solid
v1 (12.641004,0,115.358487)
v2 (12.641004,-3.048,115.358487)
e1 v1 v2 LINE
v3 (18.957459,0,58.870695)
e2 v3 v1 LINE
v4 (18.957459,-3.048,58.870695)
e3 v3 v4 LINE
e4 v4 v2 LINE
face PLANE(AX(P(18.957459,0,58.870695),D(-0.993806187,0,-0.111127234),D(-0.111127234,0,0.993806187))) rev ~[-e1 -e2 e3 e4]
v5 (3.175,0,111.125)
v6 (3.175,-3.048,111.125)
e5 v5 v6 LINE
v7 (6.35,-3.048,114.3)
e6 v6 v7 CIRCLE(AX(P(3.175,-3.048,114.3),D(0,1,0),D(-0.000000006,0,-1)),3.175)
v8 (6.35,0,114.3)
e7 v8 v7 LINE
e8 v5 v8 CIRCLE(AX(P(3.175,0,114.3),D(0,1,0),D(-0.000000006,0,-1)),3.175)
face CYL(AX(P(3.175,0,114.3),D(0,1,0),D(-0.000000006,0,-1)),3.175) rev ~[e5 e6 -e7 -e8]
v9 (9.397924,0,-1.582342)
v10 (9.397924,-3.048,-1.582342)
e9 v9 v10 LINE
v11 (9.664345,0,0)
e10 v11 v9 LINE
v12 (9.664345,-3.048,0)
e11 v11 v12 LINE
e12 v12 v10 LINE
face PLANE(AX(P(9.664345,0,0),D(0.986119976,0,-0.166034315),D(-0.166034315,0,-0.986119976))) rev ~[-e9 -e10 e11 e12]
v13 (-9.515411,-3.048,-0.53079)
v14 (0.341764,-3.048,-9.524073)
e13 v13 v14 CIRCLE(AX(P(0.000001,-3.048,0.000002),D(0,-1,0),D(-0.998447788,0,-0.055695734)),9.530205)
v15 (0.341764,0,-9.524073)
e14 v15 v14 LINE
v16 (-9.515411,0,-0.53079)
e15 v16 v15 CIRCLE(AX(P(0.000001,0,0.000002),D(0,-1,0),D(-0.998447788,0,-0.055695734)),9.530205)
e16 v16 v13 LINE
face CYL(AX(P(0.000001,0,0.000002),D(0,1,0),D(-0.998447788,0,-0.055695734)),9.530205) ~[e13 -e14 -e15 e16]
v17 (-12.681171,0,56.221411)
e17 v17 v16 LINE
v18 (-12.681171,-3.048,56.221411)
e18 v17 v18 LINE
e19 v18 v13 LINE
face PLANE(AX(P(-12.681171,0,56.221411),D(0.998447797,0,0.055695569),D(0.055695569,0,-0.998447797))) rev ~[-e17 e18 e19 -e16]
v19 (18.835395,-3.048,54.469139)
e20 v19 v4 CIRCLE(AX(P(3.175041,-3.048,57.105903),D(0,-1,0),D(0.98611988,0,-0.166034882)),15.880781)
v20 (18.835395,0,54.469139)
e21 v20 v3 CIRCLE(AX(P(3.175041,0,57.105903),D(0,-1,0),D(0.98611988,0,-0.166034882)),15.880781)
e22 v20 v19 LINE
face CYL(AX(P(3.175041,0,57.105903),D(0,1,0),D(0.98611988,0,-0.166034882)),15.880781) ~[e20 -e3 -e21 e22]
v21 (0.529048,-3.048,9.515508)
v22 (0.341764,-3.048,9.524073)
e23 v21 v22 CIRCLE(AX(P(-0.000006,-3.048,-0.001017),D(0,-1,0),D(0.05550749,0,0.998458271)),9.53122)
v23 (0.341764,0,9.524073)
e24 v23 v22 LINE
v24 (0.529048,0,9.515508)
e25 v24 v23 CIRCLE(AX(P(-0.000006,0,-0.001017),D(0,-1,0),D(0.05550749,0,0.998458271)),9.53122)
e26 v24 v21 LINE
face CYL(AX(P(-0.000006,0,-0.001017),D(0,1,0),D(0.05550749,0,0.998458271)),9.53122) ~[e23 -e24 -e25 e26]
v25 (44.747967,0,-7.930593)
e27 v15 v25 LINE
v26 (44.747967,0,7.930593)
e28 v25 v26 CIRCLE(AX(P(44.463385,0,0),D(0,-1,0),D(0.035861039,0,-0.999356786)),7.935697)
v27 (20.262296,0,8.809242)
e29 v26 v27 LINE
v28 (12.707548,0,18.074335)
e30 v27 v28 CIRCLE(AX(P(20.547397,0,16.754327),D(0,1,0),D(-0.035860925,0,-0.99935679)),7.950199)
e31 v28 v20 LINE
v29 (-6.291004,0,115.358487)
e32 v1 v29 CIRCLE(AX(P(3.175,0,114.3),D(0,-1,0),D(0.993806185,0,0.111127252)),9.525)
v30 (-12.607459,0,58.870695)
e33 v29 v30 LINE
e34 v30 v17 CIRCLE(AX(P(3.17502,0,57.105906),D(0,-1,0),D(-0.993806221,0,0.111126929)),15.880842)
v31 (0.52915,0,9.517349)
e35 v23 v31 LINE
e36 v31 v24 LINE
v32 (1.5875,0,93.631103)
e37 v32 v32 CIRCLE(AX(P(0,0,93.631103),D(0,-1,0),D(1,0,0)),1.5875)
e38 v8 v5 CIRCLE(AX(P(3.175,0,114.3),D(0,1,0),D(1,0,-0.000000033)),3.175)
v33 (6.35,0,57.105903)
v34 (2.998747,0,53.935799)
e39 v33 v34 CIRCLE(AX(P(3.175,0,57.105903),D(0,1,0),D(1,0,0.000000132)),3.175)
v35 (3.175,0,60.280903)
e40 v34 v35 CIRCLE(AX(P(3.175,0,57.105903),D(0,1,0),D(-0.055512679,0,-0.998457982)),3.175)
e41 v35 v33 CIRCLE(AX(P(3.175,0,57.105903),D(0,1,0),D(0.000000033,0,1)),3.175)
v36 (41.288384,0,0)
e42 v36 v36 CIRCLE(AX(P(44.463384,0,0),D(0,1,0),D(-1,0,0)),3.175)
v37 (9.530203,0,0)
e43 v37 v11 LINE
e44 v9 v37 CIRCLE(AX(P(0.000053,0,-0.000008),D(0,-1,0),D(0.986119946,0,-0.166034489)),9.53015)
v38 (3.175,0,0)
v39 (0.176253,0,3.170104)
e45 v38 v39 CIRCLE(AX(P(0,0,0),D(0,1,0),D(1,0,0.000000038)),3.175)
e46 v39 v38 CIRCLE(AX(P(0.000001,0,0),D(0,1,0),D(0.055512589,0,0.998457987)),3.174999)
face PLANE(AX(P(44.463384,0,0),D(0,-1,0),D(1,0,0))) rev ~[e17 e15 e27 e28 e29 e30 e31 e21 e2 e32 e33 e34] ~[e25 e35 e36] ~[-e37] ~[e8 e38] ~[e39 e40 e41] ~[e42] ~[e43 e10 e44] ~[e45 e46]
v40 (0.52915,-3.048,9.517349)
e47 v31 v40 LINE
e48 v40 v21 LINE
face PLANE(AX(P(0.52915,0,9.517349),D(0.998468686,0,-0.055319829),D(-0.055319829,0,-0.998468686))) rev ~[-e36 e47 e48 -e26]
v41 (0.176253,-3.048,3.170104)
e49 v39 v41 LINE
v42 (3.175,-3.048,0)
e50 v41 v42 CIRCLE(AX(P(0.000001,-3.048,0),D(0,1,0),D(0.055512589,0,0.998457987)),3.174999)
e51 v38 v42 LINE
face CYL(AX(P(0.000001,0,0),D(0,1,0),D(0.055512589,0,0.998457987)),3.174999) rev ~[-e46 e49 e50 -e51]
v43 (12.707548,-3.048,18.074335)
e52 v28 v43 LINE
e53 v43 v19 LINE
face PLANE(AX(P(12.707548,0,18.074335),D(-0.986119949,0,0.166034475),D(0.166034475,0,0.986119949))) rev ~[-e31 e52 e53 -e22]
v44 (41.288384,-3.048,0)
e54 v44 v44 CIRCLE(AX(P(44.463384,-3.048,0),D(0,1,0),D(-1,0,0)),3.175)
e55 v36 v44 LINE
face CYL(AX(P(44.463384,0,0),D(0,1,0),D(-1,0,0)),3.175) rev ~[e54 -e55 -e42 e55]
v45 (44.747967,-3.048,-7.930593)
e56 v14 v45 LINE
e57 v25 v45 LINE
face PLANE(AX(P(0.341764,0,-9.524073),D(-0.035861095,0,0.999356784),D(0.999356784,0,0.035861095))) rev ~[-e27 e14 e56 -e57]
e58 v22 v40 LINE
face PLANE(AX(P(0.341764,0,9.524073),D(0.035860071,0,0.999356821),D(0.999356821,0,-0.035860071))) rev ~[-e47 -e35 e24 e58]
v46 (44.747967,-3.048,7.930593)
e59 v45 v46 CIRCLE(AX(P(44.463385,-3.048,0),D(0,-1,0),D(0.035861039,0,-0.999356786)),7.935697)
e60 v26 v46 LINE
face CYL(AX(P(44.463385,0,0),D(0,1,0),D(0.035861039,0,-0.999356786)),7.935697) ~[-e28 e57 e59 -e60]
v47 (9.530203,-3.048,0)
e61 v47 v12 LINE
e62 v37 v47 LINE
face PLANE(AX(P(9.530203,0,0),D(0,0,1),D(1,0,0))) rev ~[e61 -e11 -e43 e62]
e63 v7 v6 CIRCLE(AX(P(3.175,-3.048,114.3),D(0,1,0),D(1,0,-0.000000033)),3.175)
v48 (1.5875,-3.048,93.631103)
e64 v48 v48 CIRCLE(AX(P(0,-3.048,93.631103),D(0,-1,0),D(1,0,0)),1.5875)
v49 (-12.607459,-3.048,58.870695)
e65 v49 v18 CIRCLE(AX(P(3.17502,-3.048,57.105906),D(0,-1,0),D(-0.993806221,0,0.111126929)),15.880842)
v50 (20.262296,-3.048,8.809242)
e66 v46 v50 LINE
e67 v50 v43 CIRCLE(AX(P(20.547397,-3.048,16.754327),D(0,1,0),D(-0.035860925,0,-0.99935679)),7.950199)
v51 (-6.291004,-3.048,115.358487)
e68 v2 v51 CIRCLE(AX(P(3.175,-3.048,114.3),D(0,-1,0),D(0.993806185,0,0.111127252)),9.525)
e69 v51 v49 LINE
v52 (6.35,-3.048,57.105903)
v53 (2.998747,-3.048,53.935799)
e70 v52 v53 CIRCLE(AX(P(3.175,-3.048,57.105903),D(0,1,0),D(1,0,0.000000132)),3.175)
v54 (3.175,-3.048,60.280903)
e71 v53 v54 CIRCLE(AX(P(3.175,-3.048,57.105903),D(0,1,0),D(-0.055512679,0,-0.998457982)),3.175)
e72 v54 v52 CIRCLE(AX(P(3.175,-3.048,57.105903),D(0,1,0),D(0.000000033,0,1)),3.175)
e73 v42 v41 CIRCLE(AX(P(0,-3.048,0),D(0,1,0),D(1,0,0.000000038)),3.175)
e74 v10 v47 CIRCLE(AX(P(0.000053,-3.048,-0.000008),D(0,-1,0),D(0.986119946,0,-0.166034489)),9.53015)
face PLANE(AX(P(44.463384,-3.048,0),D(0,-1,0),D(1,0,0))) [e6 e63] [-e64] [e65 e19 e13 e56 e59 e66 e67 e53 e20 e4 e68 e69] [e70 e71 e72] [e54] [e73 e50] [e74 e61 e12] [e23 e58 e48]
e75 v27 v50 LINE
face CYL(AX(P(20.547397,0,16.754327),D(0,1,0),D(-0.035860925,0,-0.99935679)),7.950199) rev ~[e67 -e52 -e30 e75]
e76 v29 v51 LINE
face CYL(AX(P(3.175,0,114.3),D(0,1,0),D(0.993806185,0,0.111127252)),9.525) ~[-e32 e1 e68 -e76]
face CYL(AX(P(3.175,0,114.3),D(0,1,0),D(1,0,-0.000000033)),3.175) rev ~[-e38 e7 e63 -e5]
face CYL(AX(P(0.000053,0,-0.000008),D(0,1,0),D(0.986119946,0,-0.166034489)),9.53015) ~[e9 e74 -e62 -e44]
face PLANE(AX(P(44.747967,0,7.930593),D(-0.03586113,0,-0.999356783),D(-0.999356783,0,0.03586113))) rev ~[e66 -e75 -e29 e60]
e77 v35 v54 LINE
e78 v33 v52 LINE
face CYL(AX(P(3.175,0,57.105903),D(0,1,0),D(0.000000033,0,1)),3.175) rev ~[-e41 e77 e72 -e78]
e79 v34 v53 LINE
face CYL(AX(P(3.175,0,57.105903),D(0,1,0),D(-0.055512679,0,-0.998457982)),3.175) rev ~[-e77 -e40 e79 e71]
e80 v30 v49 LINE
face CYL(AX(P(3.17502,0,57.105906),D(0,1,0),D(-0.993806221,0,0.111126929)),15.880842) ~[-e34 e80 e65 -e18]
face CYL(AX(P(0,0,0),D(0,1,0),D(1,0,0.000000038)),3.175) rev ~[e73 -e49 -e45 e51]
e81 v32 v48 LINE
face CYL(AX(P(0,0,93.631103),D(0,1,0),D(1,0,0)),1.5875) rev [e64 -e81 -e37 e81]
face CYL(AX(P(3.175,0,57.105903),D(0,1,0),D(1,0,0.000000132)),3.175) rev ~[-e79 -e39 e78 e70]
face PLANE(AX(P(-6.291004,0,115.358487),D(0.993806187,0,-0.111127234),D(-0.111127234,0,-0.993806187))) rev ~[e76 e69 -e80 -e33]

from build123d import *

# Parameters (mm, degrees)
F0_R     = 1.5875
F1_DEPTH = 3.048


with BuildPart() as f1:
    # F0 (on Front) → F1 (new body)
    with BuildSketch(Plane.XZ):
        with BuildLine():
            ThreePointArc((47.638384, 0), (44.463384, 3.175), (41.288384, 0))
            ThreePointArc((41.288384, 0), (44.463384, -3.175), (47.638384, 0))
        make_face()
        with BuildLine():
            ThreePointArc((6.35, 114.3), (0.929936, 116.545064), (3.175, 111.125))
            ThreePointArc((3.175, 111.125), (5.420064, 112.054936), (6.35, 114.3))
        make_face()
        with BuildLine():
            Line((12.707548, 18.074335), (18.835395, 54.469139))
            ThreePointArc((18.835395, 54.469139), (19.049719, 56.665666), (18.957459, 58.870695))
            Line((18.957459, 58.870695), (12.641004, 115.358487))
            ThreePointArc((12.641004, 115.358487), (3.175, 123.825), (-6.291004, 115.358487))
            Line((-6.291004, 115.358487), (-12.607459, 58.870695))
            ThreePointArc((-12.607459, 58.870695), (-12.699678, 57.547593), (-12.681171, 56.221411))
            Line((-12.681171, 56.221411), (-9.515411, -0.53079))
            ThreePointArc((-9.515411, -0.53079), (-6.423296, -7.040315), (0.341764, -9.524073))
            Line((0.341764, -9.524073), (44.747967, -7.930593))
            ThreePointArc((44.747967, -7.930593), (52.399082, 0), (44.747967, 7.930593))
            Line((44.747967, 7.930593), (20.262296, 8.809242))
            ThreePointArc((20.262296, 8.809242), (14.385888, 11.730239), (12.707548, 18.074335))
        make_face()
        with BuildLine():
            ThreePointArc((0.176253, 3.170104), (2.306537, 2.18186), (3.175, 0))
            ThreePointArc((3.175, 0), (-2.306537, -2.18186), (0.176253, 3.170104))
        make_face(mode=Mode.SUBTRACT)
        with BuildLine():
            Line((0.52915, 9.517349), (0.529048, 9.515508))
            ThreePointArc((0.529048, 9.515508), (0.435427, 9.520251), (0.341764, 9.524073))
            Line((0.341764, 9.524073), (0.52915, 9.517349))
        make_face(mode=Mode.SUBTRACT)
        with BuildLine():
            ThreePointArc((9.397924, -1.582342), (9.497076, -0.793931), (9.530203, 0))
            Line((9.530203, 0), (9.664345, 0))
            Line((9.664345, 0), (9.397924, -1.582342))
        make_face(mode=Mode.SUBTRACT)
        with BuildLine():
            ThreePointArc((6.35, 57.105903), (5.35686, 54.799366), (2.998747, 53.935799))
            ThreePointArc((2.998747, 53.935799), (0.001224, 57.194063), (3.175, 60.280903))
            ThreePointArc((3.175, 60.280903), (5.420064, 59.350967), (6.35, 57.105903))
        make_face(mode=Mode.SUBTRACT)
        with BuildLine():
            ThreePointArc((47.638384, 0), (44.463384, -3.175), (41.288384, 0))
            ThreePointArc((41.288384, 0), (44.463384, 3.175), (47.638384, 0))
        make_face(mode=Mode.SUBTRACT)
        with Locations((0, 93.631103)):
            Circle(F0_R, mode=Mode.SUBTRACT)
        with BuildLine():
            ThreePointArc((6.35, 114.3), (5.420064, 112.054936), (3.175, 111.125))
            ThreePointArc((3.175, 111.125), (0.929936, 116.545064), (6.35, 114.3))
        make_face(mode=Mode.SUBTRACT)
    extrude(amount=F1_DEPTH)


solid = f1.part
